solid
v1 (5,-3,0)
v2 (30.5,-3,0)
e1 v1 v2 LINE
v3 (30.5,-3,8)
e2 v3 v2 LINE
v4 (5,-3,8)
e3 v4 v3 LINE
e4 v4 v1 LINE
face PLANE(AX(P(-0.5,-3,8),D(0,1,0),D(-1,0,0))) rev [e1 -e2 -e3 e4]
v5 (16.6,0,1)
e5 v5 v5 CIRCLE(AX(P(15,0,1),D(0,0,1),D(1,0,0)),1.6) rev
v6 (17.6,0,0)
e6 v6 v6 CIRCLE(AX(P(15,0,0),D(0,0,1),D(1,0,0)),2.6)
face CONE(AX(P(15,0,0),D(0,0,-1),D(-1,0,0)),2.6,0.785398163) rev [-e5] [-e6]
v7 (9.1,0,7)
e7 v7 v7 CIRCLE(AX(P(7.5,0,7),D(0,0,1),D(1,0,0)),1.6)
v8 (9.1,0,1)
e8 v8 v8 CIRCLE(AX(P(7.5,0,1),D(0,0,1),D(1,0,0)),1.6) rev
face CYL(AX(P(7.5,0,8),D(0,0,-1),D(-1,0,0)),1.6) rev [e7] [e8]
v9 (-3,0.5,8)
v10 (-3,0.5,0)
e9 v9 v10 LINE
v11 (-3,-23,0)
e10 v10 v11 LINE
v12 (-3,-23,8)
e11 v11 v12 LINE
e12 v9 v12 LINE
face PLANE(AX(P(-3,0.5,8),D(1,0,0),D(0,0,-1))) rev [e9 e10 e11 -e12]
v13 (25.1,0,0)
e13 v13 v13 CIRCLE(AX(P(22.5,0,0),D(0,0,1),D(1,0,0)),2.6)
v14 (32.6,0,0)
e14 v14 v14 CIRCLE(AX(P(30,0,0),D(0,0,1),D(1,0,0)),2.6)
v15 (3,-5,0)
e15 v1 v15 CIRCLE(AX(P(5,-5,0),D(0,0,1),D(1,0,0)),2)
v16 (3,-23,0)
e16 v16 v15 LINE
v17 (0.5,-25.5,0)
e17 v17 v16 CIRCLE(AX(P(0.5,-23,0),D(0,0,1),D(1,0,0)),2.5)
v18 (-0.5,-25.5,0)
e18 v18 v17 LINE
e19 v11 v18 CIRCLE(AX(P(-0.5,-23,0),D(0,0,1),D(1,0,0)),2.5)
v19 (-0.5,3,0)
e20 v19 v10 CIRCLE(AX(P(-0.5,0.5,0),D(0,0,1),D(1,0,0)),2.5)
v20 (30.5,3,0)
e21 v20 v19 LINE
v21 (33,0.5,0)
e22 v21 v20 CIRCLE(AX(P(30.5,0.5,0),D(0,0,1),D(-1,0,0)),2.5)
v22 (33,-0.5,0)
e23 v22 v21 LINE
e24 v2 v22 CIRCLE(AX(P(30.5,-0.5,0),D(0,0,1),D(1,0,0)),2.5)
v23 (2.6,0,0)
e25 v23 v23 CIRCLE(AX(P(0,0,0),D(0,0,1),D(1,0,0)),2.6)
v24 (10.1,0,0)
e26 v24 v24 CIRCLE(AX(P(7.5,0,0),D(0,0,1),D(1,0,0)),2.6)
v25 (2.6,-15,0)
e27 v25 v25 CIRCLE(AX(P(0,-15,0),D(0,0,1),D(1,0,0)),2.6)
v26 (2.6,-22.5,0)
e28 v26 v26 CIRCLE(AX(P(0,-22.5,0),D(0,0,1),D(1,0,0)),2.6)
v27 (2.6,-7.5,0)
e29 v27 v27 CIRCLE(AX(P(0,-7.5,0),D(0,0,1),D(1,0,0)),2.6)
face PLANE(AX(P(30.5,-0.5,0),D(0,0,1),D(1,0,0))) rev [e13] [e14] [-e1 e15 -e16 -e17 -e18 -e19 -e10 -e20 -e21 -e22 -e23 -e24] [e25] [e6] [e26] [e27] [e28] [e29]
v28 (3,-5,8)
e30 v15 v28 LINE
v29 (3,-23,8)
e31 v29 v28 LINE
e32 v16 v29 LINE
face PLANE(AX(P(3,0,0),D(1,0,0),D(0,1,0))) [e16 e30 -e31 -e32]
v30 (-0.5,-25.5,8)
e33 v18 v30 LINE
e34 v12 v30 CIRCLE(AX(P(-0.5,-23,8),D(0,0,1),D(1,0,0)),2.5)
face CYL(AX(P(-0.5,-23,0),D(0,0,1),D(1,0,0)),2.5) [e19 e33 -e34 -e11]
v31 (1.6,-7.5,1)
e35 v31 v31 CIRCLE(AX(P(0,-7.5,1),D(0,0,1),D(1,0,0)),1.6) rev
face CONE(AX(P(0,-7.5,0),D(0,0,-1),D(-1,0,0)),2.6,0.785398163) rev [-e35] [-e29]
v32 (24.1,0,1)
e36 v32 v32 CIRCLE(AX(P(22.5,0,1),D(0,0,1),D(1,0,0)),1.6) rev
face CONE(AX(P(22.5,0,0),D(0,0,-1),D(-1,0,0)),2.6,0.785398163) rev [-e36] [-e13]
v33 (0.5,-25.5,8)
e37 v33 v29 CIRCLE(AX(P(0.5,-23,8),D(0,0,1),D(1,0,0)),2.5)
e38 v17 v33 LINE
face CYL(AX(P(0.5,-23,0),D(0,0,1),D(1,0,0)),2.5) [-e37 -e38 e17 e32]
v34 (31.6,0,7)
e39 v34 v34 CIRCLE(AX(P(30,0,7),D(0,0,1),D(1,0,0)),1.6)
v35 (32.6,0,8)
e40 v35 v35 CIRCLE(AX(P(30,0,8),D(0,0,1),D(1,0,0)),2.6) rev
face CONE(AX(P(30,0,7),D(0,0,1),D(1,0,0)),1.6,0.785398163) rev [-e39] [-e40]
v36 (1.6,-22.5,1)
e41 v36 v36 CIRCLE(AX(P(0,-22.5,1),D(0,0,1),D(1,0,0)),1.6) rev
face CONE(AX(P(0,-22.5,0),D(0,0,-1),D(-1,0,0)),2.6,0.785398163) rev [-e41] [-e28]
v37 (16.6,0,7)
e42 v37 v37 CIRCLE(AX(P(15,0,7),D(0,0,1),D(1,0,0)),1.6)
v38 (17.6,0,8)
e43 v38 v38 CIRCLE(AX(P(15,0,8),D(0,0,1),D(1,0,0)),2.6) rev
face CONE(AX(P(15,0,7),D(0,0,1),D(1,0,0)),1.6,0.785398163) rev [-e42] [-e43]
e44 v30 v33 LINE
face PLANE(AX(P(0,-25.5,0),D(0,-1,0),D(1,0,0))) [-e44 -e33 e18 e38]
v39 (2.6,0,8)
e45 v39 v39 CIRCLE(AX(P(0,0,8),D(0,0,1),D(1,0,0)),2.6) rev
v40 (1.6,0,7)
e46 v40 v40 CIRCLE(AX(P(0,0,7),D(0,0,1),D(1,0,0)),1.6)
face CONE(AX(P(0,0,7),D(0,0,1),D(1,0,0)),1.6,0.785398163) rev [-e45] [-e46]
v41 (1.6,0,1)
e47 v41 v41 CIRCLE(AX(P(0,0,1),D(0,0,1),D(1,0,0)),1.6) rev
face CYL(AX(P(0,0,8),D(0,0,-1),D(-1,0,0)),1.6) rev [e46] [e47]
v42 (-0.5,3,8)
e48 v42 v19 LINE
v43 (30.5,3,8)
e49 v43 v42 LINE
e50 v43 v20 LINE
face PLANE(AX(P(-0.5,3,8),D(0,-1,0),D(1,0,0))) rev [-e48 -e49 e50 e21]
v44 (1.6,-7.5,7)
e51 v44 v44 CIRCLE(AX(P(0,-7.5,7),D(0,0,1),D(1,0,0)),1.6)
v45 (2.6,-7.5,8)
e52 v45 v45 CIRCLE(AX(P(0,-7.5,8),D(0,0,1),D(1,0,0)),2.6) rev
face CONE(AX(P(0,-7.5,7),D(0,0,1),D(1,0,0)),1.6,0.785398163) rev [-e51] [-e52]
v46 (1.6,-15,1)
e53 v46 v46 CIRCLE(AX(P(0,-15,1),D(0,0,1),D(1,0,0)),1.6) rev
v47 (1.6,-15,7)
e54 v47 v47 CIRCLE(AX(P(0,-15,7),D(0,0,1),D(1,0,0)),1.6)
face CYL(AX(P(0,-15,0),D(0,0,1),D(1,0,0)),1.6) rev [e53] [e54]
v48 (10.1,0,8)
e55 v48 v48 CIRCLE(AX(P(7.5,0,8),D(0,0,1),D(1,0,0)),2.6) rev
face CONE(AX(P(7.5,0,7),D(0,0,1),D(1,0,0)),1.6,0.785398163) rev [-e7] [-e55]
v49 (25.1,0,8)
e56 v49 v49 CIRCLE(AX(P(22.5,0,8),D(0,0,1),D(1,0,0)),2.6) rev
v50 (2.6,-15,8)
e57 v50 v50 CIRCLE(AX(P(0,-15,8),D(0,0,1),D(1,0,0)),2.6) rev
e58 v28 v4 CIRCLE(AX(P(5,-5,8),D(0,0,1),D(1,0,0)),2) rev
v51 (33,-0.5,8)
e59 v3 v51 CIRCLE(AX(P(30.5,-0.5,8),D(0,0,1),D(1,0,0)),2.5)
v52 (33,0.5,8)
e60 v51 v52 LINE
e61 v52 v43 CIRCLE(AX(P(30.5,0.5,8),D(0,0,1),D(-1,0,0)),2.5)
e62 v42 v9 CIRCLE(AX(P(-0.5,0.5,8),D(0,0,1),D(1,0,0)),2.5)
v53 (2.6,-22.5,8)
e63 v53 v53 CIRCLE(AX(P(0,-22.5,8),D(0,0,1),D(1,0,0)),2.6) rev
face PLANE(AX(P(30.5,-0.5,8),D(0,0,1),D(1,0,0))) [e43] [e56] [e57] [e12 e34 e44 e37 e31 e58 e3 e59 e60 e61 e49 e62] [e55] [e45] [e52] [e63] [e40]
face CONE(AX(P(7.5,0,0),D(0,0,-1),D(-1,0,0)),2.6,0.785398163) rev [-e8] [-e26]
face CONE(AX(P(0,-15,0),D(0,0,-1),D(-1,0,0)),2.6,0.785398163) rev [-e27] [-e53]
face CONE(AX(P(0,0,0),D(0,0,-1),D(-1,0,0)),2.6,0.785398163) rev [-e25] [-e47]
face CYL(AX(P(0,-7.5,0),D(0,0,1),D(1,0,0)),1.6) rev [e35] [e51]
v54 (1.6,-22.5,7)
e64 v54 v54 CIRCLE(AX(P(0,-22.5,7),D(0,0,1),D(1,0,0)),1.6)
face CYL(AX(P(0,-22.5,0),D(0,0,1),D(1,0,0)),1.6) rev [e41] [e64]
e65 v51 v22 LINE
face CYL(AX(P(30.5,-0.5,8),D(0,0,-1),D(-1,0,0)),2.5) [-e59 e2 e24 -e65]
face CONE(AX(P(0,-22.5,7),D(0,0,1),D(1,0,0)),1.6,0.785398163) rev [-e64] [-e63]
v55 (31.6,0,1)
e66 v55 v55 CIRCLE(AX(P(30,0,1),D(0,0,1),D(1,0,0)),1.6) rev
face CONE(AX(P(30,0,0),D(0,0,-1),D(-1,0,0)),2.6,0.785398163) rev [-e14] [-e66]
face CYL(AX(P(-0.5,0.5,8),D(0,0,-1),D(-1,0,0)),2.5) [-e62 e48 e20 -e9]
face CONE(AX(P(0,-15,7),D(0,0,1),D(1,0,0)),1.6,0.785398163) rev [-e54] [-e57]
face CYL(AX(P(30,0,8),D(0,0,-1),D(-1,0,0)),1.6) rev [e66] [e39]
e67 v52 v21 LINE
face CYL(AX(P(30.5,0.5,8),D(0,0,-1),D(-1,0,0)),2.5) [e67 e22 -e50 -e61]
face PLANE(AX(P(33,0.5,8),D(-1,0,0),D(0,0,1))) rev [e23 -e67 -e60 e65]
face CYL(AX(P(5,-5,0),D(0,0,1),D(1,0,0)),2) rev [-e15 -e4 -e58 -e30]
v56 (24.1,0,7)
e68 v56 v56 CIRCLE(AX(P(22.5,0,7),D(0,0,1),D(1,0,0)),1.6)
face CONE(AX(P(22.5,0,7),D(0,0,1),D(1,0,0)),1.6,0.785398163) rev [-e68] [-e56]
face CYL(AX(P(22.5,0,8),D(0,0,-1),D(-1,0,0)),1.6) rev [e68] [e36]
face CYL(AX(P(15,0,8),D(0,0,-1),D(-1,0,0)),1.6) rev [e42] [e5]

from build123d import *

# Parameters (mm, degrees)
SKETCH1_R           = 1.6
BOSS_EXTRUDE1_DEPTH = 8
CHAMFER1_SIZE       = 1
SKETCH2_R           = 1.6
BOSS_EXTRUDE3_DEPTH = 8
FILLET1_R           = 2
CHAMFER5_SIZE       = 1


with BuildPart() as part:
    # Sketch1 → Boss-Extrude1 (new body)
    with BuildSketch(Plane.XY):
        with BuildLine():
            Line((-0.5, 3), (30.5, 3))
            ThreePointArc((30.5, 3), (32.267766953, 2.267766953), (33, 0.5))
            Line((33, 0.5), (33, -0.5))
            ThreePointArc((33, -0.5), (32.267766953, -2.267766953), (30.5, -3))
            Line((30.5, -3), (-0.5, -3))
            ThreePointArc((-0.5, -3), (-2.267766953, -2.267766953), (-3, -0.5))
            Line((-3, -0.5), (-3, 0.5))
            ThreePointArc((-3, 0.5), (-2.267766953, 2.267766953), (-0.5, 3))
        make_face()
        Circle(SKETCH1_R, mode=Mode.SUBTRACT)
        with Locations((7.5, 0)):
            Circle(SKETCH1_R, mode=Mode.SUBTRACT)
        with Locations((15, 0)):
            Circle(SKETCH1_R, mode=Mode.SUBTRACT)
        with Locations((22.5, 0)):
            Circle(SKETCH1_R, mode=Mode.SUBTRACT)
        with Locations((30, 0)):
            Circle(SKETCH1_R, mode=Mode.SUBTRACT)
    extrude(amount=BOSS_EXTRUDE1_DEPTH)

    # Chamfer1
    chamfer1_edges = [part.edges().sort_by_distance(p)[0] for p in [
        (-1.6, 0, 0),
        (-1.6, 0, 8),
        (5.9, 0, 0),
        (5.9, 0, 8),
        (13.4, 0, 0),
        (13.4, 0, 8),
        (20.9, 0, 0),
        (20.9, 0, 8),
        (28.4, 0, 0),
        (28.4, 0, 8),
    ]]
    chamfer(chamfer1_edges, length=CHAMFER1_SIZE)

    # Sketch2 → Boss-Extrude3 (add)
    with BuildSketch(Plane.XY.offset(8)):
        with BuildLine():
            ThreePointArc((-0.5, -3), (-2.267766953, -2.267766953), (-3, -0.5))
            Line((-3, -0.5), (-3, -23))
            ThreePointArc((-3, -23), (-2.267766953, -24.767766953), (-0.5, -25.5))
            Line((-0.5, -25.5), (0.5, -25.5))
            ThreePointArc((0.5, -25.5), (2.267766953, -24.767766953), (3, -23))
            Line((3, -23), (3, -3))
            Line((3, -3), (-0.5, -3))
        make_face()
        with Locations((0, -22.5)):
            Circle(SKETCH2_R, mode=Mode.SUBTRACT)
        with Locations((0, -15)):
            Circle(SKETCH2_R, mode=Mode.SUBTRACT)
        with Locations((0, -7.5)):
            Circle(SKETCH2_R, mode=Mode.SUBTRACT)
    extrude(amount=-BOSS_EXTRUDE3_DEPTH)

    # Fillet1
    fillet1_edges = [part.edges().sort_by_distance(p)[0] for p in [
        (3, -3, 4),
    ]]
    fillet(fillet1_edges, radius=FILLET1_R)

    # Chamfer5
    chamfer5_edges = [part.edges().sort_by_distance(p)[0] for p in [
        (-1.6, -7.5, 8),
        (-1.6, -15, 8),
        (-1.6, -22.5, 8),
        (-1.6, -22.5, 0),
        (-1.6, -15, 0),
        (-1.6, -7.5, 0),
    ]]
    chamfer(chamfer5_edges, length=CHAMFER5_SIZE)


solid = part.part
